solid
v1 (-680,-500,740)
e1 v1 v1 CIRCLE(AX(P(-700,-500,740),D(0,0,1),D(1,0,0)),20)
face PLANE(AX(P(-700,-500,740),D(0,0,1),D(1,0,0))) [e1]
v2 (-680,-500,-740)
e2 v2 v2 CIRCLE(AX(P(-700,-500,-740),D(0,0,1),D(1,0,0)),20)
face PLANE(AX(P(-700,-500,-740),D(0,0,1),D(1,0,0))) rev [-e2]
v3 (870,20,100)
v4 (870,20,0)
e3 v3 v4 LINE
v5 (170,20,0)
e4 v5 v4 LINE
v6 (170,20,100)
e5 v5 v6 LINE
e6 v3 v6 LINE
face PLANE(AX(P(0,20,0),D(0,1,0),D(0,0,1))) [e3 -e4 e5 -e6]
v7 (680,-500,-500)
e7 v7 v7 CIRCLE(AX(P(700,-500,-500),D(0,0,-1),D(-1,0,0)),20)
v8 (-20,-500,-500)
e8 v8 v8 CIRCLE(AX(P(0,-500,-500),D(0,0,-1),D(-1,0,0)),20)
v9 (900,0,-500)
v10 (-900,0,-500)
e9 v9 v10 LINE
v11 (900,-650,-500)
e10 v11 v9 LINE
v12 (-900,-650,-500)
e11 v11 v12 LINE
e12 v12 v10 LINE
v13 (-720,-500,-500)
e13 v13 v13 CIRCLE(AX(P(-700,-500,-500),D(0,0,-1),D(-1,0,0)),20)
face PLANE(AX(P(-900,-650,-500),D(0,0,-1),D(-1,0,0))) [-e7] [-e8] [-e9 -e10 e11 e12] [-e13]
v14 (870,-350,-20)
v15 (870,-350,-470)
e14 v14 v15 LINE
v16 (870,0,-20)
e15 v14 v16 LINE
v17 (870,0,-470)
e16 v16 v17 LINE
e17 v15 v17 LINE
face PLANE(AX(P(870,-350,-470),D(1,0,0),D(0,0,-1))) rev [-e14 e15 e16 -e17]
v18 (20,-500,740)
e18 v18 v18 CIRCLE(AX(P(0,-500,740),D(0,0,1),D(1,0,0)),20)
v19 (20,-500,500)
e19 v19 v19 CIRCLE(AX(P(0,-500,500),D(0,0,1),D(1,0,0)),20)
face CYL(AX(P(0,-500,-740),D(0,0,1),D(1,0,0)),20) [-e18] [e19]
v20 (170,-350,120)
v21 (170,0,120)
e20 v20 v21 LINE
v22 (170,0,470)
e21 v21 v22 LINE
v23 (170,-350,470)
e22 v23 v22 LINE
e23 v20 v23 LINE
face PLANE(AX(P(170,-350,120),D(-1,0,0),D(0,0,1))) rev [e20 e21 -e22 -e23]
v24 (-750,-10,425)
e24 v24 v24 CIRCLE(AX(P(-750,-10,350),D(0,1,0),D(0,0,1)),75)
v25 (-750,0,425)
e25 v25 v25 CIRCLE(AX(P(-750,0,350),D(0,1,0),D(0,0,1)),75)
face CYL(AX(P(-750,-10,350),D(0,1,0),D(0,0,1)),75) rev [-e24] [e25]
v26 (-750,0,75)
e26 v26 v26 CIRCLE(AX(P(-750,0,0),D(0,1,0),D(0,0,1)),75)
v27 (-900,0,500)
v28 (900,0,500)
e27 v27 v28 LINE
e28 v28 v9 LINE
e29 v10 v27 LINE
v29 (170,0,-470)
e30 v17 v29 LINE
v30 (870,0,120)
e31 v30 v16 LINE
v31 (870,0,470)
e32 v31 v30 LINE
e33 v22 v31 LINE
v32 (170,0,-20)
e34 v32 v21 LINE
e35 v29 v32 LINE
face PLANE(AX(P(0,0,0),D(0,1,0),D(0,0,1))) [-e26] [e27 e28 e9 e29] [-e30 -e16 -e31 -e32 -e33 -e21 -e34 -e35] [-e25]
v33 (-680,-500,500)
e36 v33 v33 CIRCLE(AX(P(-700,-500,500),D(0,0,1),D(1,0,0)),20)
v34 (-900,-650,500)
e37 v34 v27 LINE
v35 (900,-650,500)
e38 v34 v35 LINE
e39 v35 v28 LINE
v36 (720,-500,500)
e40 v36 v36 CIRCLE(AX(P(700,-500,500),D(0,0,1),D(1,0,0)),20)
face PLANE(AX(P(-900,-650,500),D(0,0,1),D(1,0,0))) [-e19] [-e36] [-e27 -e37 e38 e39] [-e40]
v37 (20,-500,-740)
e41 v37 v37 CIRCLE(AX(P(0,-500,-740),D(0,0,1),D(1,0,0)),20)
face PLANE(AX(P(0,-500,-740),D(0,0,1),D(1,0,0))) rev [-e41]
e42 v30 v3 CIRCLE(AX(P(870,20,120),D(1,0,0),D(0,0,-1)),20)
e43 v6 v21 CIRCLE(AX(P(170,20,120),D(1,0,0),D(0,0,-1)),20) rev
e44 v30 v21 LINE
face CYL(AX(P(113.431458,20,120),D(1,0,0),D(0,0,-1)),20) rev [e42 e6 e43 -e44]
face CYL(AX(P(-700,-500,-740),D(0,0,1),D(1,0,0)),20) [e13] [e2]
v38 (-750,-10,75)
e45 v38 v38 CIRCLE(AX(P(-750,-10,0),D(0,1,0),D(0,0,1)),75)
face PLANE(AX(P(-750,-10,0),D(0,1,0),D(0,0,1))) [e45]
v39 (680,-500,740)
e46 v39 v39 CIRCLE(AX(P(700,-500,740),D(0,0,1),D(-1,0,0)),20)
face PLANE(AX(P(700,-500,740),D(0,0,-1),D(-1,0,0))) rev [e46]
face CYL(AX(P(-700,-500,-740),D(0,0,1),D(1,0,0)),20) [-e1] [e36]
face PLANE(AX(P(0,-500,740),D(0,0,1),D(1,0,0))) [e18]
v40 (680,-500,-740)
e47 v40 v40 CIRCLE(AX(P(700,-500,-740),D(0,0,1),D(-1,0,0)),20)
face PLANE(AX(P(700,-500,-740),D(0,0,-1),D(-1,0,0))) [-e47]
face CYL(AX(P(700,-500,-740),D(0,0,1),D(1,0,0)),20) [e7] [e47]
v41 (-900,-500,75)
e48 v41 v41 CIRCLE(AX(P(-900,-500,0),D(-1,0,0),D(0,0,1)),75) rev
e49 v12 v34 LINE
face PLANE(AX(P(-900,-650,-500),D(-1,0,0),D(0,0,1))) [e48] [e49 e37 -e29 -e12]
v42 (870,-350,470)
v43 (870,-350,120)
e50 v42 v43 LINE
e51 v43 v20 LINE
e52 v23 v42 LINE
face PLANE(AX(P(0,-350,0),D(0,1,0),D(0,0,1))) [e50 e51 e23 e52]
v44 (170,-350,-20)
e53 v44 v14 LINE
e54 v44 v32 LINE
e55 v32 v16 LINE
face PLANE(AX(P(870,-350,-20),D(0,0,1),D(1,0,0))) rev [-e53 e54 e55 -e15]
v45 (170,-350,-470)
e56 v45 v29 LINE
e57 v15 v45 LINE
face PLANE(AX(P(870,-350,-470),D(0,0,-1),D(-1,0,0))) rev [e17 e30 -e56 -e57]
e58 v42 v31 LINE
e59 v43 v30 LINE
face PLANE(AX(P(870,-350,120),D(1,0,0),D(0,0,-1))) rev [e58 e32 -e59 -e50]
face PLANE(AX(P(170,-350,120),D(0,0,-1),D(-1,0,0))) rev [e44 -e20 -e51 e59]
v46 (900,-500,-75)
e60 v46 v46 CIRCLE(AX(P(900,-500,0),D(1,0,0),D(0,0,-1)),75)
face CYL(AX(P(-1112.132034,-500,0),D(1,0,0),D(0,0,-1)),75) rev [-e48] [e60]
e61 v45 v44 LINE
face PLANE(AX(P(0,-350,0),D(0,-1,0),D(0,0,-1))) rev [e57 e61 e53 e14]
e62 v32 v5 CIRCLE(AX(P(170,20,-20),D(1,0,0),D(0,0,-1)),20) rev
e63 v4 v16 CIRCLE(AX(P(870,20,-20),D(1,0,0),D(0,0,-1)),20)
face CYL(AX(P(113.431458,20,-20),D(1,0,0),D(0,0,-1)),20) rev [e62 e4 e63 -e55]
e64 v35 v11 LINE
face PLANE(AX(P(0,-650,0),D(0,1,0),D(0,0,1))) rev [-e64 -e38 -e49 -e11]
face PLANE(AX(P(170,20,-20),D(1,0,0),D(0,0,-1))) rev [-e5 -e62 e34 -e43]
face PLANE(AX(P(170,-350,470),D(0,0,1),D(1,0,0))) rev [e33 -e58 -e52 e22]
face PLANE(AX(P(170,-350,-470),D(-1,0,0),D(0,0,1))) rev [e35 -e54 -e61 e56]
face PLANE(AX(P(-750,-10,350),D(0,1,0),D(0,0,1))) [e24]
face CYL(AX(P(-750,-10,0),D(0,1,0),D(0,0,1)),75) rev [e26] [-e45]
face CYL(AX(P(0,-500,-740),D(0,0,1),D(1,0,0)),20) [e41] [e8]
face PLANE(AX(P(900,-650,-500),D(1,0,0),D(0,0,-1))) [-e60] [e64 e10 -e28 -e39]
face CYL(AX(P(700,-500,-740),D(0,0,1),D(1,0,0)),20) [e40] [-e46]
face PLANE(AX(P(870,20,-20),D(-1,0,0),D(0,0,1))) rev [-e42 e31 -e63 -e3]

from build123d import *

# Parameters (mm, degrees)
SKIZZE1_W                            = 1800
SKIZZE1_H                            = 1000
AUFSATZ_LINEAR_AUSTRAGEN1_DEPTH      = 650
AUFSATZ_LINEAR_AUSTRAGEN2_DEPTH      = 740
AUFSATZ_LINEAR_AUSTRAGEN2_DEPTH_BACK = 740
SKIZZE2_R                            = 20
SKIZZE3_W                            = 700
SKIZZE3_H                            = 450
SKIZZE3_H_2                          = 350
SCHNITT_LINEAR_AUSTRAGEN1_DEPTH      = 350
SKIZZE4_W                            = 700
SKIZZE4_H                            = 140
AUFSATZ_LINEAR_AUSTRAGEN3_DEPTH      = 20
SKIZZE5_R                            = 20
SCHNITT_LINEAR_AUSTRAGEN2_DEPTH      = 700
SKIZZE6_R                            = 75
SCHNITT_LINEAR_AUSTRAGEN3_DEPTH      = 1800
SKIZZE7_R                            = 75
SCHNITT_LINEAR_AUSTRAGEN4_DEPTH      = 10
SKIZZE8_R                            = 75
SCHNITT_LINEAR_AUSTRAGEN5_DEPTH      = 10


with BuildPart() as part:
    # Skizze1 → Aufsatz-Linear austragen1 (new body)
    with BuildSketch(Plane(origin=(0, 0, 0), x_dir=(1, 0, 0), z_dir=(0, 1, 0))):
        Rectangle(SKIZZE1_W, SKIZZE1_H)
    extrude(amount=-AUFSATZ_LINEAR_AUSTRAGEN1_DEPTH)

    # Skizze2 → Aufsatz-Linear austragen2 (add, two sides: drawn at the far end of the back side and taken through both)
    with BuildSketch(Plane.XY.offset(-AUFSATZ_LINEAR_AUSTRAGEN2_DEPTH_BACK)):
        with Locations((0, -500)):
            Circle(SKIZZE2_R)
        with Locations((-700, -500)):
            Circle(SKIZZE2_R)
        with Locations(Location((700, -500, 0), (0, 0, 180))):
            Circle(SKIZZE2_R)
    extrude(amount=AUFSATZ_LINEAR_AUSTRAGEN2_DEPTH + AUFSATZ_LINEAR_AUSTRAGEN2_DEPTH_BACK)

    # Skizze3 → Schnitt-Linear austragen1 (cut)
    with BuildSketch(Plane(origin=(0, 0, 0), x_dir=(1, 0, 0), z_dir=(0, 1, 0))):
        with Locations((520, 245)):
            Rectangle(SKIZZE3_W, SKIZZE3_H)
        with Locations((520, -295)):
            Rectangle(SKIZZE3_W, SKIZZE3_H_2)
    extrude(amount=-SCHNITT_LINEAR_AUSTRAGEN1_DEPTH, mode=Mode.SUBTRACT)

    # Skizze4 → Aufsatz-Linear austragen3 (add)
    with BuildSketch(Plane(origin=(0, 0, 0), x_dir=(1, 0, 0), z_dir=(0, 1, 0))):
        with Locations((520, -50)):
            Rectangle(SKIZZE4_W, SKIZZE4_H)
    extrude(amount=AUFSATZ_LINEAR_AUSTRAGEN3_DEPTH)

    # Skizze5 → Schnitt-Linear austragen2 (cut)
    with BuildSketch(Plane(origin=(870, 0, 0), x_dir=(0, 0, -1), z_dir=(1, 0, 0))):
        with Locations((-120, 20)):
            Circle(SKIZZE5_R)
        with Locations((20, 20)):
            Circle(SKIZZE5_R)
    extrude(amount=-SCHNITT_LINEAR_AUSTRAGEN2_DEPTH, mode=Mode.SUBTRACT)

    # Skizze6 → Schnitt-Linear austragen3 (cut)
    with BuildSketch(Plane(origin=(900, 0, 0), x_dir=(0, 0, -1), z_dir=(1, 0, 0))):
        with Locations((0, -500)):
            Circle(SKIZZE6_R)
    extrude(amount=-SCHNITT_LINEAR_AUSTRAGEN3_DEPTH, mode=Mode.SUBTRACT)

    # Skizze7 → Schnitt-Linear austragen4 (cut)
    with BuildSketch(Plane(origin=(0, 0, 0), x_dir=(1, 0, 0), z_dir=(0, 1, 0))):
        with Locations(Location((-750, -350, 0), (0, 0, 270))):
            Circle(SKIZZE7_R)
    extrude(amount=-SCHNITT_LINEAR_AUSTRAGEN4_DEPTH, mode=Mode.SUBTRACT)

    # Skizze8 → Schnitt-Linear austragen5 (cut)
    with BuildSketch(Plane(origin=(0, 0, 0), x_dir=(1, 0, 0), z_dir=(0, 1, 0))):
        with Locations(Location((-750, 0, 0), (0, 0, 270))):
            Circle(SKIZZE8_R)
    extrude(amount=-SCHNITT_LINEAR_AUSTRAGEN5_DEPTH, mode=Mode.SUBTRACT)


solid = part.part
